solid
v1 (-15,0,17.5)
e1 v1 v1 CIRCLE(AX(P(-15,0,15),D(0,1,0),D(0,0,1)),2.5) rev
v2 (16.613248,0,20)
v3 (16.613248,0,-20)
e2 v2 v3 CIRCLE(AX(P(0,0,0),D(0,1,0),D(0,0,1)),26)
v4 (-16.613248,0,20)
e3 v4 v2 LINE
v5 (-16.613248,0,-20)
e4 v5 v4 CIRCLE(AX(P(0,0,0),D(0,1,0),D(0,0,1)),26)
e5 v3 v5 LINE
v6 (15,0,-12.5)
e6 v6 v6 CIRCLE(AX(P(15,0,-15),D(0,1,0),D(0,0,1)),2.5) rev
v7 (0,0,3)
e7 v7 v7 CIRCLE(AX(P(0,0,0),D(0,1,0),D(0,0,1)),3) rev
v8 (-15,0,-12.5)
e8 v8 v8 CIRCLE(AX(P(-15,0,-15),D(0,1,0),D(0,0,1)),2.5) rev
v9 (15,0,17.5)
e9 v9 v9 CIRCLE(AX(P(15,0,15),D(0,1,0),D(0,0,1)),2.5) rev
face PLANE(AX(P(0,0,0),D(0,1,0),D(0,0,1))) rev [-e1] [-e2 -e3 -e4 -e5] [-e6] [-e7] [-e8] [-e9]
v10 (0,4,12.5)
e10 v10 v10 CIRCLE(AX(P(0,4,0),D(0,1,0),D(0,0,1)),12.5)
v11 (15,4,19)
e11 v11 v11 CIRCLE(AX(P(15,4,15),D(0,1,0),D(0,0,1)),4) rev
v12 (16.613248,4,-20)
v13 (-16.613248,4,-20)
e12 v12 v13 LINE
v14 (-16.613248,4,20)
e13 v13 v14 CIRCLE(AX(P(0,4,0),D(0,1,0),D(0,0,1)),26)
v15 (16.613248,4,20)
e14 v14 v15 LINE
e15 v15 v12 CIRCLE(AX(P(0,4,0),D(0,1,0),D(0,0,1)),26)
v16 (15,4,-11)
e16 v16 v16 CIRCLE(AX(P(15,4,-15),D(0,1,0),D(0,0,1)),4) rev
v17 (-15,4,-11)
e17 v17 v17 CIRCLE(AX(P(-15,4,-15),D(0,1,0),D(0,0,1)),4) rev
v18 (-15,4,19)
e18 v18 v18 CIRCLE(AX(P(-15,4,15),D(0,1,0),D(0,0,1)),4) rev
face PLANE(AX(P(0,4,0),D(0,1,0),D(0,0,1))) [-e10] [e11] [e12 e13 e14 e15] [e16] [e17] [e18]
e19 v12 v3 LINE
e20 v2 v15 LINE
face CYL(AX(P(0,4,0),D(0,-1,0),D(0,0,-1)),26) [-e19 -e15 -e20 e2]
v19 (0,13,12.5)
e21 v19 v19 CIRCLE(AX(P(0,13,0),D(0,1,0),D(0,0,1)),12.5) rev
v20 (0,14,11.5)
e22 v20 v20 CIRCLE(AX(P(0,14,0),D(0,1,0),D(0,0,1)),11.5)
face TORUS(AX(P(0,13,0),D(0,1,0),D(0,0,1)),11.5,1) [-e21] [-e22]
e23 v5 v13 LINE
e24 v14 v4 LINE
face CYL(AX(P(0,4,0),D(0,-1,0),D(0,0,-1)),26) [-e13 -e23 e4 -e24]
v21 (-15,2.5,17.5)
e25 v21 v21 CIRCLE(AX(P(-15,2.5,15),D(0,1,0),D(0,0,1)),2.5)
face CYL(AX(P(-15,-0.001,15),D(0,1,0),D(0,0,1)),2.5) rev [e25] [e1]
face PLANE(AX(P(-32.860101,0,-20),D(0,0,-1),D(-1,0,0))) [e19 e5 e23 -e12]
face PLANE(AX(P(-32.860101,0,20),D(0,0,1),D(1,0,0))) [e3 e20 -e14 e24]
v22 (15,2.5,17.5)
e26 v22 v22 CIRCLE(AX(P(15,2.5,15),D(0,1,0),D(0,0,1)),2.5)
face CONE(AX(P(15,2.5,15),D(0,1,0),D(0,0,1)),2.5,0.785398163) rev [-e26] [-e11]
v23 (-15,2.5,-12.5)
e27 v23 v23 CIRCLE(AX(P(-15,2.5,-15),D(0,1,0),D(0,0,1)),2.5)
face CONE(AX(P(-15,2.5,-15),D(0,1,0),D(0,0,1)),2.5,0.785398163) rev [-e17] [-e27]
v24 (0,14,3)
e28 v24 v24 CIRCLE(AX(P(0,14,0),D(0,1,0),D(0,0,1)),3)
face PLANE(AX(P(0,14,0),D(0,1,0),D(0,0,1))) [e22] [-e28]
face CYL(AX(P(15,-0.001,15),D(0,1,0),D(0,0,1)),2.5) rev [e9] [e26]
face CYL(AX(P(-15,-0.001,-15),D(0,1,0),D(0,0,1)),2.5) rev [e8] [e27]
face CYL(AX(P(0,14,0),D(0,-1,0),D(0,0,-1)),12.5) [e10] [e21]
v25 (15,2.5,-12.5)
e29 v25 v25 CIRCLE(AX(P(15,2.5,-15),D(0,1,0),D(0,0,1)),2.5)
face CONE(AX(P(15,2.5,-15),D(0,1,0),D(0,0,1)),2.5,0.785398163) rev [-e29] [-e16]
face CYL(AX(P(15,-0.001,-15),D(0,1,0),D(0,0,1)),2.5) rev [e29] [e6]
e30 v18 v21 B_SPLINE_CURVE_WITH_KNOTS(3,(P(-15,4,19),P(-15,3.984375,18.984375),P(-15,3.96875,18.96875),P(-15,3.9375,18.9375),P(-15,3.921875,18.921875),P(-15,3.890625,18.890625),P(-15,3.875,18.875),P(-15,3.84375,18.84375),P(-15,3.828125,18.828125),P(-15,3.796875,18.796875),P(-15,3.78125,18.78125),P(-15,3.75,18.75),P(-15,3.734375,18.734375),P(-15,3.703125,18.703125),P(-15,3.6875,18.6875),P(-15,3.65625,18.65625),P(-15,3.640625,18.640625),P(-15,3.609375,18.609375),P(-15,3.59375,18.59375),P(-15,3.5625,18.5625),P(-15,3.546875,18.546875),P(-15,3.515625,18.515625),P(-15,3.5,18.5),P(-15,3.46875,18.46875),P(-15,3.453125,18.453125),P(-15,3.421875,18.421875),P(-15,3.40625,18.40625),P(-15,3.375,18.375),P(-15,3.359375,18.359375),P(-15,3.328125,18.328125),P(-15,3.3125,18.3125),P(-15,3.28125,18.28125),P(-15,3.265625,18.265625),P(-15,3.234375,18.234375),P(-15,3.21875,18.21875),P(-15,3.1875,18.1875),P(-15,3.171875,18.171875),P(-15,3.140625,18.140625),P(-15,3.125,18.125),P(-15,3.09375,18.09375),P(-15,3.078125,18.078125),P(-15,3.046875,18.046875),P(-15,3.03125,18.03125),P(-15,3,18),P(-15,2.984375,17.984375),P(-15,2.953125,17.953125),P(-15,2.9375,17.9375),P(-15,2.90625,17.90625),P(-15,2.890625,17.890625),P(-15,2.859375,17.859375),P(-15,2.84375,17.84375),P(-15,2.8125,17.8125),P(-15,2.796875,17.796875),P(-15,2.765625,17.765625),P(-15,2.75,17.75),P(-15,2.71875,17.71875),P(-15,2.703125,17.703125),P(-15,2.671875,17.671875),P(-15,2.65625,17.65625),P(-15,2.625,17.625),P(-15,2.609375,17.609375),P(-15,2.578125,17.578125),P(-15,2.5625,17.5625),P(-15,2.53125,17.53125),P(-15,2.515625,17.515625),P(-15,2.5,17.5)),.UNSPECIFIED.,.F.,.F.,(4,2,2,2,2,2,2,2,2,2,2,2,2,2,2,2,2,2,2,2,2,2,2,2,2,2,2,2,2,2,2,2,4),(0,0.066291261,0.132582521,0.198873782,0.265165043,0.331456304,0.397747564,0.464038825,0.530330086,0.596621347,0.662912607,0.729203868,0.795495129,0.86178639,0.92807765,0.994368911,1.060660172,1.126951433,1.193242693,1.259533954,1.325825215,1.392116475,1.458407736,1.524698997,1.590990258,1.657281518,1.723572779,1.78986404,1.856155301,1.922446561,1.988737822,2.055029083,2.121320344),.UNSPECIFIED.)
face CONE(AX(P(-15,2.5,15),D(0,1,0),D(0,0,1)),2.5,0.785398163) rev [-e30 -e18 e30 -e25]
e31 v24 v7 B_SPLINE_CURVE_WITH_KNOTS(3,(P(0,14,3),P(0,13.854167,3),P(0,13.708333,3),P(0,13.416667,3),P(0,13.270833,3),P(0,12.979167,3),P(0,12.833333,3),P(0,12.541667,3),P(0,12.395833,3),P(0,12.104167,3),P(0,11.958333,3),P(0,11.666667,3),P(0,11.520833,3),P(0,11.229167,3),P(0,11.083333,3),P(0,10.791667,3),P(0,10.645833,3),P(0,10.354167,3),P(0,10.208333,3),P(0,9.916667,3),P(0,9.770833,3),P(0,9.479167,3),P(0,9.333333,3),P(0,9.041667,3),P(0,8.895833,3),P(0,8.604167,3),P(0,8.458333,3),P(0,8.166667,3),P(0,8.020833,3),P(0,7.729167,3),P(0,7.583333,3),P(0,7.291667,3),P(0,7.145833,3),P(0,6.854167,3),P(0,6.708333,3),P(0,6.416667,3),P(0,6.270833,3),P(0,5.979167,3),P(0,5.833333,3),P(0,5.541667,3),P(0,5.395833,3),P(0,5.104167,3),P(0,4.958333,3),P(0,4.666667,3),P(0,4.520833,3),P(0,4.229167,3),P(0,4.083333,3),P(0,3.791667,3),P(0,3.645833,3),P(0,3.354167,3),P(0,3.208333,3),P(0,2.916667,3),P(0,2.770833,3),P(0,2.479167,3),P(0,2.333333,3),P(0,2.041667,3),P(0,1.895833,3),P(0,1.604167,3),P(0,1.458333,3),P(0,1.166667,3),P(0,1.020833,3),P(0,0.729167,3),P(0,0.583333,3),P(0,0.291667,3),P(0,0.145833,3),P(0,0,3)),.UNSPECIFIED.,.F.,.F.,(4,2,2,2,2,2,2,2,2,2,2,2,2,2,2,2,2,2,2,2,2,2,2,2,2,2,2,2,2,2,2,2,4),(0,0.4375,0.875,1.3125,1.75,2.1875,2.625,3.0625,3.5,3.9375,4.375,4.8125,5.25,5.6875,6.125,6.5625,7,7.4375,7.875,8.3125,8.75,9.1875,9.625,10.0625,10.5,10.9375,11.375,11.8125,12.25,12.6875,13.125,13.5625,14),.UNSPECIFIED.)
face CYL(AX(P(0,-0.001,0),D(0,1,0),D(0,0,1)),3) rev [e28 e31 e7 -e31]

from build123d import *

# Parameters (mm, degrees)
SKETCH_1_R           = 26
EXTRUDE_1_DEPTH      = 4
SKETCH_2_OUTSIDE_W   = 68.73
SKETCH_2_OUTSIDE_H   = 68.73
SKETCH_2_OUTSIDE_W_2 = 65.720202688
SKETCH_2_OUTSIDE_H_2 = 40
CUT_EXTRUDE_1_DEPTH  = 4
SKETCH_3_R           = 12.5
EXTRUDE_2_DEPTH      = 10
FILLET_1_R           = 1
CUT_EXTRUDE_2_REACH  = 37.665
SKETCH_4_R           = 3
CUT_EXTRUDE_3_REACH  = 36.293
SKETCH_5_R           = 2.5
CHAMFER_1_SIZE       = 1.5


with BuildPart() as part:
    # Эскиз1 → Бобышка-Вытянуть1 (new body)
    with BuildSketch(Plane(origin=(0, 0, 0), x_dir=(1, 0, 0), z_dir=(0, 1, 0))):
        with Locations(Location((0, 0, 0), (0, 0, 270))):
            Circle(SKETCH_1_R)
    extrude(amount=EXTRUDE_1_DEPTH)

    # Эскиз2 outside → Вырез-Вытянуть1 (cut)
    with BuildSketch(Plane(origin=(0, 4, 0), x_dir=(1, 0, 0), z_dir=(0, 1, 0))):
        Rectangle(SKETCH_2_OUTSIDE_W, SKETCH_2_OUTSIDE_H)
        Rectangle(SKETCH_2_OUTSIDE_W_2, SKETCH_2_OUTSIDE_H_2, mode=Mode.SUBTRACT)
    extrude(amount=-CUT_EXTRUDE_1_DEPTH, mode=Mode.SUBTRACT)

    # Эскиз3 → Бобышка-Вытянуть2 (add)
    with BuildSketch(Plane(origin=(0, 4, 0), x_dir=(1, 0, 0), z_dir=(0, 1, 0))):
        with Locations(Location((0, 0, 0), (0, 0, 270))):
            Circle(SKETCH_3_R)
    extrude(amount=EXTRUDE_2_DEPTH)

    # Скругление1
    fillet_1_edges = [part.edges().sort_by_distance(p)[0] for p in [
        (0, 14, -12.5),
    ]]
    fillet(fillet_1_edges, radius=FILLET_1_R)

    # Эскиз4 → Вырез-Вытянуть2 (cut, up to next)
    with BuildSketch(Plane(origin=(0, 14, 0), x_dir=(1, 0, 0), z_dir=(0, 1, 0)), mode=Mode.PRIVATE) as cut_extrude_2_sk1:
        with Locations(Location((0, 0, 0), (0, 0, 270))):
            Circle(SKETCH_4_R)
    cut_extrude_2_tool1 = extrude(cut_extrude_2_sk1.sketch, amount=-CUT_EXTRUDE_2_REACH, mode=Mode.PRIVATE) & part.part
    add(cut_extrude_2_tool1.solids().sort_by_distance((0, 14, 0))[0], mode=Mode.SUBTRACT)

    # Эскиз5 → Вырез-Вытянуть3 (cut, up to next)
    with BuildSketch(Plane(origin=(0, 4, 0), x_dir=(1, 0, 0), z_dir=(0, 1, 0)), mode=Mode.PRIVATE) as cut_extrude_3_sk1:
        with Locations(Location((-15, 15, 0), (0, 0, 270))):
            Circle(SKETCH_5_R)
    cut_extrude_3_tool1 = extrude(cut_extrude_3_sk1.sketch, amount=-CUT_EXTRUDE_3_REACH, mode=Mode.PRIVATE) & part.part
    # Эскиз5 → Вырез-Вытянуть3 (cut, up to next)
    with BuildSketch(Plane(origin=(0, 4, 0), x_dir=(1, 0, 0), z_dir=(0, 1, 0)), mode=Mode.PRIVATE) as cut_extrude_3_sk2:
        with Locations(Location((15, 15, 0), (0, 0, 270))):
            Circle(SKETCH_5_R)
    cut_extrude_3_tool2 = extrude(cut_extrude_3_sk2.sketch, amount=-CUT_EXTRUDE_3_REACH, mode=Mode.PRIVATE) & part.part
    # Эскиз5 → Вырез-Вытянуть3 (cut, up to next)
    with BuildSketch(Plane(origin=(0, 4, 0), x_dir=(1, 0, 0), z_dir=(0, 1, 0)), mode=Mode.PRIVATE) as cut_extrude_3_sk3:
        with Locations(Location((15, -15, 0), (0, 0, 270))):
            Circle(SKETCH_5_R)
    cut_extrude_3_tool3 = extrude(cut_extrude_3_sk3.sketch, amount=-CUT_EXTRUDE_3_REACH, mode=Mode.PRIVATE) & part.part
    # Эскиз5 → Вырез-Вытянуть3 (cut, up to next)
    with BuildSketch(Plane(origin=(0, 4, 0), x_dir=(1, 0, 0), z_dir=(0, 1, 0)), mode=Mode.PRIVATE) as cut_extrude_3_sk4:
        with Locations(Location((-15, -15, 0), (0, 0, 270))):
            Circle(SKETCH_5_R)
    cut_extrude_3_tool4 = extrude(cut_extrude_3_sk4.sketch, amount=-CUT_EXTRUDE_3_REACH, mode=Mode.PRIVATE) & part.part
    add(cut_extrude_3_tool1.solids().sort_by_distance((-15, 4, -15))[0], mode=Mode.SUBTRACT)
    add(cut_extrude_3_tool2.solids().sort_by_distance((15, 4, -15))[0], mode=Mode.SUBTRACT)
    add(cut_extrude_3_tool3.solids().sort_by_distance((15, 4, 15))[0], mode=Mode.SUBTRACT)
    add(cut_extrude_3_tool4.solids().sort_by_distance((-15, 4, 15))[0], mode=Mode.SUBTRACT)

    # Фаска1
    chamfer_1_edges = [part.edges().sort_by_distance(p)[0] for p in [
        (-15, 4, 12.5),
        (15, 4, 12.5),
        (15, 4, -17.5),
        (-15, 4, -17.5),
    ]]
    chamfer(chamfer_1_edges, length=CHAMFER_1_SIZE)


solid = part.part
